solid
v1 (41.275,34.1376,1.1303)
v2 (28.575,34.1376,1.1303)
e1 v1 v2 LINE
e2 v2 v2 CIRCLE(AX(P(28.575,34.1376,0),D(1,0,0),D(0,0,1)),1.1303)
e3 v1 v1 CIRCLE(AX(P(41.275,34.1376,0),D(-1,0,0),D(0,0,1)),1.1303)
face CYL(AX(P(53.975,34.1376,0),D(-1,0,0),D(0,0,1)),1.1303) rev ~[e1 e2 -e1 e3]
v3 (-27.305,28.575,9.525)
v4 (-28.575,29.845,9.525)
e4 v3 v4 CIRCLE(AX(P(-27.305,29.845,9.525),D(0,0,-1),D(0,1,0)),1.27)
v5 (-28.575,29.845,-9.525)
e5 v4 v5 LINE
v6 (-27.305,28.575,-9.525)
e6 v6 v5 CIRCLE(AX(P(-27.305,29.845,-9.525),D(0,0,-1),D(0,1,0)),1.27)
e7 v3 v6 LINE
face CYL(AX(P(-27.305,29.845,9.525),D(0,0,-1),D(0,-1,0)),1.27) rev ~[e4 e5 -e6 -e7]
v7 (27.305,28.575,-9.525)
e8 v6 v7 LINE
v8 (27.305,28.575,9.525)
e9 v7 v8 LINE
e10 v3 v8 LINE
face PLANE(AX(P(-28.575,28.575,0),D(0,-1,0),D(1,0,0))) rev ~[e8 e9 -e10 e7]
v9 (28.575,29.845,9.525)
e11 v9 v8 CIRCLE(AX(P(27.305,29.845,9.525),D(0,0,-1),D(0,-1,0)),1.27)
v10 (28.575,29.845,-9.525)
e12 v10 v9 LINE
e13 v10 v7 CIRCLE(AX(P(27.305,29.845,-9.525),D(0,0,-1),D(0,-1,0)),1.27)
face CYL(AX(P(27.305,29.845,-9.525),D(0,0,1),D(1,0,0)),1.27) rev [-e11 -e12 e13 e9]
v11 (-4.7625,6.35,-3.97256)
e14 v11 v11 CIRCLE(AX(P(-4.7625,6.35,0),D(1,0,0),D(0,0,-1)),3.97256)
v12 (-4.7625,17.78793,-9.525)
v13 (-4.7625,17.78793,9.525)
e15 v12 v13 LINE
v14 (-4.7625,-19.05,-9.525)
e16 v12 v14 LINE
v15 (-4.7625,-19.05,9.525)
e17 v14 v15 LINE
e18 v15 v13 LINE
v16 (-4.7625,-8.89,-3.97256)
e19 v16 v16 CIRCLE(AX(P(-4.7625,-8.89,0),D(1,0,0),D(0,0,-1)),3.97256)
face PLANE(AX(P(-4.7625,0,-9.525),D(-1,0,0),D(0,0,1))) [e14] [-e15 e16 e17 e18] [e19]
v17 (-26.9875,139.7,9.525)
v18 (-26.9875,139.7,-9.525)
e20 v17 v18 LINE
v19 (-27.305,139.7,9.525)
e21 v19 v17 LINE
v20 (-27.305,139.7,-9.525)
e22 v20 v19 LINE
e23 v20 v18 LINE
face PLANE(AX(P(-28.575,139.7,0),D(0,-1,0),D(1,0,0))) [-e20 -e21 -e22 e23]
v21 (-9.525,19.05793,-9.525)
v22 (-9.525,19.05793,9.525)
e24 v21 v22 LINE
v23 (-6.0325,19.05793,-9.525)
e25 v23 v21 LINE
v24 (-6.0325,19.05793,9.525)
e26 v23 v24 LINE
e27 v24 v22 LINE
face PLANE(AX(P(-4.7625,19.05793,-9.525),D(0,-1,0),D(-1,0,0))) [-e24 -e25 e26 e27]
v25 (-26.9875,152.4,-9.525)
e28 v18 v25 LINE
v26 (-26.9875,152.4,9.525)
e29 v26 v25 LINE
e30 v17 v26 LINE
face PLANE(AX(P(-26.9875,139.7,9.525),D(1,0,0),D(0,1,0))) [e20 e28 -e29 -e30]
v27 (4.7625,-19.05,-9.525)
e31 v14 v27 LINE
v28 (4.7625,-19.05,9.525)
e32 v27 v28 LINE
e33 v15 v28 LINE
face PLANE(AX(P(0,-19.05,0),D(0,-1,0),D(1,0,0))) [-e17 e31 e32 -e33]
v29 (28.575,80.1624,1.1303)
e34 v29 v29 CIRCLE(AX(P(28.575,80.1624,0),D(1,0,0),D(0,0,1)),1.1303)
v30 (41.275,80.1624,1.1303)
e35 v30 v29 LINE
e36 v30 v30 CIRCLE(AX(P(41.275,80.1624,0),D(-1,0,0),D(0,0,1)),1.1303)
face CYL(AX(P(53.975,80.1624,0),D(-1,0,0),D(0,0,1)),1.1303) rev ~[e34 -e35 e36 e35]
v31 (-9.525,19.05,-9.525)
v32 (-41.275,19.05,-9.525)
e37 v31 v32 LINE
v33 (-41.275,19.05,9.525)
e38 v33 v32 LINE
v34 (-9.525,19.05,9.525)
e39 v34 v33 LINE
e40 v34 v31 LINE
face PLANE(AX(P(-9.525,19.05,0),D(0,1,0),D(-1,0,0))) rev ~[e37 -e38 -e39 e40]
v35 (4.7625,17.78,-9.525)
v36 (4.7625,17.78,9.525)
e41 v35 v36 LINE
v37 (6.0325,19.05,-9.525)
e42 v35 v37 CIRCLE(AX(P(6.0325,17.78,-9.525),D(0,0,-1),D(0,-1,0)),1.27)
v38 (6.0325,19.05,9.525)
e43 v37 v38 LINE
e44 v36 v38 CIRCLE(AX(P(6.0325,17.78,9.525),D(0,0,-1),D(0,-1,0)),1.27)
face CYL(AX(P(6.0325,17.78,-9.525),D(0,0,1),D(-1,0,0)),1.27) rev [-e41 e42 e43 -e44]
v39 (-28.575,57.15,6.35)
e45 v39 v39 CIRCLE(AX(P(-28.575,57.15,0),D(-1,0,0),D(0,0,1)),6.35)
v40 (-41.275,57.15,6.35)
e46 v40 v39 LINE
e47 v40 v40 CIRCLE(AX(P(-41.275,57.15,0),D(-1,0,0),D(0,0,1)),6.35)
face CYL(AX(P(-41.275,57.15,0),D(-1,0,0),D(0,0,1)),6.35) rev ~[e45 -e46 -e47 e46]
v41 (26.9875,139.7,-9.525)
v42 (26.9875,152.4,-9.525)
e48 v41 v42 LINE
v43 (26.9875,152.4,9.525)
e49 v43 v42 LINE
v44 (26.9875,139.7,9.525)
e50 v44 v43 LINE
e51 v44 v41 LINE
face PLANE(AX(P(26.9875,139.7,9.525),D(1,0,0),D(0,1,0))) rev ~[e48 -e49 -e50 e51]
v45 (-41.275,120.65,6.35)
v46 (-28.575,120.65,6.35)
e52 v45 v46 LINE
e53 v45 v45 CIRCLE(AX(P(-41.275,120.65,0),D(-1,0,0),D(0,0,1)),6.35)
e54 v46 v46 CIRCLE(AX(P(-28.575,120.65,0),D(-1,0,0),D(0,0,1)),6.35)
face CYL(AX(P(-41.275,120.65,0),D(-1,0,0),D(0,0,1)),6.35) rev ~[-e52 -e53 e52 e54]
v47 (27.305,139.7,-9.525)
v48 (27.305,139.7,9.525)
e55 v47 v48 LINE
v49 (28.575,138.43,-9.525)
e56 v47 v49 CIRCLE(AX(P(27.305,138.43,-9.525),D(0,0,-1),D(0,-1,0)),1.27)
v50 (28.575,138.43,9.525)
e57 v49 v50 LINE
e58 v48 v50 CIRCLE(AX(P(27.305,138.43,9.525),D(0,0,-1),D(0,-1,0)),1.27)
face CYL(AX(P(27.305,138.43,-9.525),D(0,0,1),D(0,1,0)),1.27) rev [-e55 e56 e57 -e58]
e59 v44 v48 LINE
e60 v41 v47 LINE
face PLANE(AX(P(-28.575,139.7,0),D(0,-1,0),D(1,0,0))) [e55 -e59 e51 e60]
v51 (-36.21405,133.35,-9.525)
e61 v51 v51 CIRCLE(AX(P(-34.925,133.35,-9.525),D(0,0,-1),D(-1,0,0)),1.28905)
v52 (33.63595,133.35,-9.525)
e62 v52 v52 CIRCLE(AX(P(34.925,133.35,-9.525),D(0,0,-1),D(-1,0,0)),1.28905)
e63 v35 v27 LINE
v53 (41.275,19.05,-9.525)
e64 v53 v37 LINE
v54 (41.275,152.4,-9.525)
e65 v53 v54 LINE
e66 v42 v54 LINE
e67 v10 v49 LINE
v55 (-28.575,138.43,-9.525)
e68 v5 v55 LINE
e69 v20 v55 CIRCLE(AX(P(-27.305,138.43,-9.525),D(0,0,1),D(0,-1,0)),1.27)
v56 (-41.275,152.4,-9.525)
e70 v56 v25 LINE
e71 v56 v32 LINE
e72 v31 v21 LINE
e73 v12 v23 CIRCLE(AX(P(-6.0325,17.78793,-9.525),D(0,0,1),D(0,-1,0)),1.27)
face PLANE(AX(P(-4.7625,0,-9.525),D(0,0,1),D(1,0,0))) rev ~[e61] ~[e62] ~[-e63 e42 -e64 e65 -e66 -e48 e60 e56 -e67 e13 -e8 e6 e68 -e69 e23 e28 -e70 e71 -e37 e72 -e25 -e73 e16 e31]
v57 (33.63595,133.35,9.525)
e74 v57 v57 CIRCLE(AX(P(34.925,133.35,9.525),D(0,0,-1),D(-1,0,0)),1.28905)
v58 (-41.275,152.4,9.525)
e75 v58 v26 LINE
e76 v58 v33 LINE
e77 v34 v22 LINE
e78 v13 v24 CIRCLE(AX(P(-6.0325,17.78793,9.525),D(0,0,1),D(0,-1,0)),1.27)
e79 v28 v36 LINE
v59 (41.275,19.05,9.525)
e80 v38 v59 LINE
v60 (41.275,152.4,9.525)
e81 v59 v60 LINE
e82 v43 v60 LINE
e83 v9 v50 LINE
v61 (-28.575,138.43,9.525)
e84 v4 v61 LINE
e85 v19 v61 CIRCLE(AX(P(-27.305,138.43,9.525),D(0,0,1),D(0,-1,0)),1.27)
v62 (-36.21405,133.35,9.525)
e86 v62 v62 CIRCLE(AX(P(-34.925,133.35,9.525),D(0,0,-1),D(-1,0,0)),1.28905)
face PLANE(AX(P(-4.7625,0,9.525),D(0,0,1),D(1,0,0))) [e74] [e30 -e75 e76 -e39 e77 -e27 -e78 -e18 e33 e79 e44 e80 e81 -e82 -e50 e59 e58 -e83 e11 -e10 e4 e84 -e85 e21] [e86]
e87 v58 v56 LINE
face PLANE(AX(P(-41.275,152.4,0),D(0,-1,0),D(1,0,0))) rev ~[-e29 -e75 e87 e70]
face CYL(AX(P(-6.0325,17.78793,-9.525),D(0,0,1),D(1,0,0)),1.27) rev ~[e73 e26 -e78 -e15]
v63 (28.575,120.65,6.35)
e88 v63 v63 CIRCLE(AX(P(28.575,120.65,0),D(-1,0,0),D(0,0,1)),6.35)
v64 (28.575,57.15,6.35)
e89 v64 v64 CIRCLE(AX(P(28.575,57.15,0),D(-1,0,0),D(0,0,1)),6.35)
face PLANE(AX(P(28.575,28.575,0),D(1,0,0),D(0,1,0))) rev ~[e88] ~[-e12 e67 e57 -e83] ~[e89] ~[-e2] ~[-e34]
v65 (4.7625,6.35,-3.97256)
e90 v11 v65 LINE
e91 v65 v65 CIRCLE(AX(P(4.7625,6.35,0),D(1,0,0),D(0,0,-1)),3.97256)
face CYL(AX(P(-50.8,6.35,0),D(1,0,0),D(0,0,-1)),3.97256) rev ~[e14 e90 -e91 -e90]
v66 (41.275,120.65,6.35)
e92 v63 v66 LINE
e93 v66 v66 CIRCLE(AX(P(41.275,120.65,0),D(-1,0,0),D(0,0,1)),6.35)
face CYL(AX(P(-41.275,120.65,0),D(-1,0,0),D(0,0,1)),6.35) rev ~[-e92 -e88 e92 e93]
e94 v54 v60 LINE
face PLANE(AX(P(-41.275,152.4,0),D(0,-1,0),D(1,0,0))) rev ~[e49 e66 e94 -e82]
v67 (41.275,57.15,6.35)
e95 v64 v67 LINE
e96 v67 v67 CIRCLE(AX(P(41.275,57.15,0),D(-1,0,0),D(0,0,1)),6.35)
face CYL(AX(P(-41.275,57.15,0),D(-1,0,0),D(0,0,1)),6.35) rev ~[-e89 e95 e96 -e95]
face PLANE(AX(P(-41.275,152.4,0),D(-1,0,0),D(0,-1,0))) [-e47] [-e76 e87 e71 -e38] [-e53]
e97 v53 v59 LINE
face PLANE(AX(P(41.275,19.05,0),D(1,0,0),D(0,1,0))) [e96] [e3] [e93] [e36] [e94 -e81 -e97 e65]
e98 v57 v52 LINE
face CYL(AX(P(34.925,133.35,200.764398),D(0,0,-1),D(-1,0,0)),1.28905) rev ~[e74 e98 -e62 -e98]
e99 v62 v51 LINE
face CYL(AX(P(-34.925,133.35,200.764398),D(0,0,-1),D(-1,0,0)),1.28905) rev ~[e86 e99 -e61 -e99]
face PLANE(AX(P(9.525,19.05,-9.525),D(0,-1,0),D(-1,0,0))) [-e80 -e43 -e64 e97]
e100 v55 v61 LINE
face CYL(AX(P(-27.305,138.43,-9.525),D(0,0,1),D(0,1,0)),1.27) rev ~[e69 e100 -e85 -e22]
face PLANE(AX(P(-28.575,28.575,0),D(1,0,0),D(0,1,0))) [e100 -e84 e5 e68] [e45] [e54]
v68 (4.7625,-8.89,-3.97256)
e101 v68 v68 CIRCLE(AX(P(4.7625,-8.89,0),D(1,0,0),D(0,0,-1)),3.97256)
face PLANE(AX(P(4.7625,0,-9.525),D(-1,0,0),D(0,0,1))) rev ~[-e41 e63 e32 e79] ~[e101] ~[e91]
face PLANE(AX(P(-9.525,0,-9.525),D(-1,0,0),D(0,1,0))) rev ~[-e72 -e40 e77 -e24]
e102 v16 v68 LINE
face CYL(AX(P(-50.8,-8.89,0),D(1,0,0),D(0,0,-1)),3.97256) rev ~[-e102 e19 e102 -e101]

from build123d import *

# Parameters (mm, degrees)
SKETCH1_W                 = 57.15
SKETCH1_H                 = 111.125
BOSS_EXTRUDE1_DEPTH       = 9.525
SKETCH2_R                 = 6.35
CUT_EXTRUDE1_DEPTH        = 83.55
SKETCH4_W                 = 4.7625
SKETCH4_H                 = 19.05
SKETCH4_H_2               = 19.057929795
CUT_EXTRUDE2_DEPTH        = 20.05
F_4_40_TAPPED_HOLE2_D     = 2.2606
F_4_40_TAPPED_HOLE2_DEPTH = 12.7
F_4_40_TAPPED_HOLE2_TIP   = 0.679152758
SKETCH14_W                = 9.525
SKETCH14_H                = 19.05
BOSS_EXTRUDE2_DEPTH       = 19.05
HOLE1_D                   = 7.94512
HOLE1_DEPTH               = 46.0375
HOLE1_TIP                 = 2.386954861
FILLET1_R                 = 1.27
SKETCH17_W                = 53.975
SKETCH17_H                = 12.7
CUT_EXTRUDE3_DEPTH        = 20.05
F_5_40_TAPPED_HOLE1_D     = 2.5781


with BuildPart() as part:
    # Sketch1 → Boss-Extrude1 (new body, symmetric)
    with BuildSketch(Plane.XY):
        Polygon((9.525, 0), (-9.525, 0), (-9.525, 19.05), (-41.275, 19.05), (-41.275, 131.596658994), (-41.275, 152.4), (41.275, 152.4), (41.275, 131.596658994), (41.275, 19.05), (9.525, 19.05), align=None)
        with Locations((0, 84.1375)):
            Rectangle(SKETCH1_W, SKETCH1_H, mode=Mode.SUBTRACT)
    extrude(amount=BOSS_EXTRUDE1_DEPTH, both=True)

    # Sketch2 → Cut-Extrude1 (cut, through all)
    with BuildSketch(Plane.ZY.offset(41.275)):
        with Locations((0, 57.15)):
            Circle(SKETCH2_R)
        with Locations((0, 120.65)):
            Circle(SKETCH2_R)
    extrude(amount=-CUT_EXTRUDE1_DEPTH, mode=Mode.SUBTRACT)

    # Sketch4 → Cut-Extrude2 (cut, through all)
    with BuildSketch(Plane(origin=(0, 0, -9.525), x_dir=(-1, 0, 0), z_dir=(0, 0, -1))):
        with Locations((-7.14375, 9.525)):
            Rectangle(SKETCH4_W, SKETCH4_H)
        with Locations((7.14375, 9.528964897)):
            Rectangle(SKETCH4_W, SKETCH4_H_2)
    extrude(amount=-CUT_EXTRUDE2_DEPTH, mode=Mode.SUBTRACT)

    # #4-40 Tapped Hole2
    with Locations(Plane(origin=(41.275, 0, 0), x_dir=(0, 0, -1), z_dir=(1, 0, 0))):
        with Locations((0, 80.1624), (0, 34.1376)):
            Hole(F_4_40_TAPPED_HOLE2_D / 2, depth=F_4_40_TAPPED_HOLE2_DEPTH)
            with Locations((0, 0, -(F_4_40_TAPPED_HOLE2_DEPTH + F_4_40_TAPPED_HOLE2_TIP / 2))):  # 118° drill point
                Cone(0, F_4_40_TAPPED_HOLE2_D / 2, F_4_40_TAPPED_HOLE2_TIP, mode=Mode.SUBTRACT)

    # Sketch14 → Boss-Extrude2 (add)
    with BuildSketch(Plane.XZ):
        Rectangle(SKETCH14_W, SKETCH14_H)
    extrude(amount=BOSS_EXTRUDE2_DEPTH)

    # Hole1
    with Locations(Plane.ZY.offset(4.7625)):
        with Locations((0, 6.35), (0, -8.89)):
            Hole(HOLE1_D / 2, depth=HOLE1_DEPTH)
            with Locations((0, 0, -(HOLE1_DEPTH + HOLE1_TIP / 2))):  # 118° drill point
                Cone(0, HOLE1_D / 2, HOLE1_TIP, mode=Mode.SUBTRACT)

    # Fillet1
    fillet1_edges = [part.edges().sort_by_distance(p)[0] for p in [
        (28.575, 139.7, 0),
        (-28.575, 139.7, 0),
        (-28.575, 28.575, 0),
        (28.575, 28.575, 0),
        (-4.7625, 19.057929795, 0),
        (4.7625, 19.05, 0),
    ]]
    fillet(fillet1_edges, radius=FILLET1_R)

    # Sketch17 → Cut-Extrude3 (cut, through all)
    with BuildSketch(Plane.XY.offset(9.525)):
        with Locations((0, 146.05)):
            Rectangle(SKETCH17_W, SKETCH17_H)
    extrude(amount=-CUT_EXTRUDE3_DEPTH, mode=Mode.SUBTRACT)

    # #5-40 Tapped Hole1 (through all)
    with Locations(Plane.XY.offset(9.525)):
        with Locations((34.925, 133.35), (-34.925, 133.35)):
            Hole(F_5_40_TAPPED_HOLE1_D / 2)


solid = part.part
